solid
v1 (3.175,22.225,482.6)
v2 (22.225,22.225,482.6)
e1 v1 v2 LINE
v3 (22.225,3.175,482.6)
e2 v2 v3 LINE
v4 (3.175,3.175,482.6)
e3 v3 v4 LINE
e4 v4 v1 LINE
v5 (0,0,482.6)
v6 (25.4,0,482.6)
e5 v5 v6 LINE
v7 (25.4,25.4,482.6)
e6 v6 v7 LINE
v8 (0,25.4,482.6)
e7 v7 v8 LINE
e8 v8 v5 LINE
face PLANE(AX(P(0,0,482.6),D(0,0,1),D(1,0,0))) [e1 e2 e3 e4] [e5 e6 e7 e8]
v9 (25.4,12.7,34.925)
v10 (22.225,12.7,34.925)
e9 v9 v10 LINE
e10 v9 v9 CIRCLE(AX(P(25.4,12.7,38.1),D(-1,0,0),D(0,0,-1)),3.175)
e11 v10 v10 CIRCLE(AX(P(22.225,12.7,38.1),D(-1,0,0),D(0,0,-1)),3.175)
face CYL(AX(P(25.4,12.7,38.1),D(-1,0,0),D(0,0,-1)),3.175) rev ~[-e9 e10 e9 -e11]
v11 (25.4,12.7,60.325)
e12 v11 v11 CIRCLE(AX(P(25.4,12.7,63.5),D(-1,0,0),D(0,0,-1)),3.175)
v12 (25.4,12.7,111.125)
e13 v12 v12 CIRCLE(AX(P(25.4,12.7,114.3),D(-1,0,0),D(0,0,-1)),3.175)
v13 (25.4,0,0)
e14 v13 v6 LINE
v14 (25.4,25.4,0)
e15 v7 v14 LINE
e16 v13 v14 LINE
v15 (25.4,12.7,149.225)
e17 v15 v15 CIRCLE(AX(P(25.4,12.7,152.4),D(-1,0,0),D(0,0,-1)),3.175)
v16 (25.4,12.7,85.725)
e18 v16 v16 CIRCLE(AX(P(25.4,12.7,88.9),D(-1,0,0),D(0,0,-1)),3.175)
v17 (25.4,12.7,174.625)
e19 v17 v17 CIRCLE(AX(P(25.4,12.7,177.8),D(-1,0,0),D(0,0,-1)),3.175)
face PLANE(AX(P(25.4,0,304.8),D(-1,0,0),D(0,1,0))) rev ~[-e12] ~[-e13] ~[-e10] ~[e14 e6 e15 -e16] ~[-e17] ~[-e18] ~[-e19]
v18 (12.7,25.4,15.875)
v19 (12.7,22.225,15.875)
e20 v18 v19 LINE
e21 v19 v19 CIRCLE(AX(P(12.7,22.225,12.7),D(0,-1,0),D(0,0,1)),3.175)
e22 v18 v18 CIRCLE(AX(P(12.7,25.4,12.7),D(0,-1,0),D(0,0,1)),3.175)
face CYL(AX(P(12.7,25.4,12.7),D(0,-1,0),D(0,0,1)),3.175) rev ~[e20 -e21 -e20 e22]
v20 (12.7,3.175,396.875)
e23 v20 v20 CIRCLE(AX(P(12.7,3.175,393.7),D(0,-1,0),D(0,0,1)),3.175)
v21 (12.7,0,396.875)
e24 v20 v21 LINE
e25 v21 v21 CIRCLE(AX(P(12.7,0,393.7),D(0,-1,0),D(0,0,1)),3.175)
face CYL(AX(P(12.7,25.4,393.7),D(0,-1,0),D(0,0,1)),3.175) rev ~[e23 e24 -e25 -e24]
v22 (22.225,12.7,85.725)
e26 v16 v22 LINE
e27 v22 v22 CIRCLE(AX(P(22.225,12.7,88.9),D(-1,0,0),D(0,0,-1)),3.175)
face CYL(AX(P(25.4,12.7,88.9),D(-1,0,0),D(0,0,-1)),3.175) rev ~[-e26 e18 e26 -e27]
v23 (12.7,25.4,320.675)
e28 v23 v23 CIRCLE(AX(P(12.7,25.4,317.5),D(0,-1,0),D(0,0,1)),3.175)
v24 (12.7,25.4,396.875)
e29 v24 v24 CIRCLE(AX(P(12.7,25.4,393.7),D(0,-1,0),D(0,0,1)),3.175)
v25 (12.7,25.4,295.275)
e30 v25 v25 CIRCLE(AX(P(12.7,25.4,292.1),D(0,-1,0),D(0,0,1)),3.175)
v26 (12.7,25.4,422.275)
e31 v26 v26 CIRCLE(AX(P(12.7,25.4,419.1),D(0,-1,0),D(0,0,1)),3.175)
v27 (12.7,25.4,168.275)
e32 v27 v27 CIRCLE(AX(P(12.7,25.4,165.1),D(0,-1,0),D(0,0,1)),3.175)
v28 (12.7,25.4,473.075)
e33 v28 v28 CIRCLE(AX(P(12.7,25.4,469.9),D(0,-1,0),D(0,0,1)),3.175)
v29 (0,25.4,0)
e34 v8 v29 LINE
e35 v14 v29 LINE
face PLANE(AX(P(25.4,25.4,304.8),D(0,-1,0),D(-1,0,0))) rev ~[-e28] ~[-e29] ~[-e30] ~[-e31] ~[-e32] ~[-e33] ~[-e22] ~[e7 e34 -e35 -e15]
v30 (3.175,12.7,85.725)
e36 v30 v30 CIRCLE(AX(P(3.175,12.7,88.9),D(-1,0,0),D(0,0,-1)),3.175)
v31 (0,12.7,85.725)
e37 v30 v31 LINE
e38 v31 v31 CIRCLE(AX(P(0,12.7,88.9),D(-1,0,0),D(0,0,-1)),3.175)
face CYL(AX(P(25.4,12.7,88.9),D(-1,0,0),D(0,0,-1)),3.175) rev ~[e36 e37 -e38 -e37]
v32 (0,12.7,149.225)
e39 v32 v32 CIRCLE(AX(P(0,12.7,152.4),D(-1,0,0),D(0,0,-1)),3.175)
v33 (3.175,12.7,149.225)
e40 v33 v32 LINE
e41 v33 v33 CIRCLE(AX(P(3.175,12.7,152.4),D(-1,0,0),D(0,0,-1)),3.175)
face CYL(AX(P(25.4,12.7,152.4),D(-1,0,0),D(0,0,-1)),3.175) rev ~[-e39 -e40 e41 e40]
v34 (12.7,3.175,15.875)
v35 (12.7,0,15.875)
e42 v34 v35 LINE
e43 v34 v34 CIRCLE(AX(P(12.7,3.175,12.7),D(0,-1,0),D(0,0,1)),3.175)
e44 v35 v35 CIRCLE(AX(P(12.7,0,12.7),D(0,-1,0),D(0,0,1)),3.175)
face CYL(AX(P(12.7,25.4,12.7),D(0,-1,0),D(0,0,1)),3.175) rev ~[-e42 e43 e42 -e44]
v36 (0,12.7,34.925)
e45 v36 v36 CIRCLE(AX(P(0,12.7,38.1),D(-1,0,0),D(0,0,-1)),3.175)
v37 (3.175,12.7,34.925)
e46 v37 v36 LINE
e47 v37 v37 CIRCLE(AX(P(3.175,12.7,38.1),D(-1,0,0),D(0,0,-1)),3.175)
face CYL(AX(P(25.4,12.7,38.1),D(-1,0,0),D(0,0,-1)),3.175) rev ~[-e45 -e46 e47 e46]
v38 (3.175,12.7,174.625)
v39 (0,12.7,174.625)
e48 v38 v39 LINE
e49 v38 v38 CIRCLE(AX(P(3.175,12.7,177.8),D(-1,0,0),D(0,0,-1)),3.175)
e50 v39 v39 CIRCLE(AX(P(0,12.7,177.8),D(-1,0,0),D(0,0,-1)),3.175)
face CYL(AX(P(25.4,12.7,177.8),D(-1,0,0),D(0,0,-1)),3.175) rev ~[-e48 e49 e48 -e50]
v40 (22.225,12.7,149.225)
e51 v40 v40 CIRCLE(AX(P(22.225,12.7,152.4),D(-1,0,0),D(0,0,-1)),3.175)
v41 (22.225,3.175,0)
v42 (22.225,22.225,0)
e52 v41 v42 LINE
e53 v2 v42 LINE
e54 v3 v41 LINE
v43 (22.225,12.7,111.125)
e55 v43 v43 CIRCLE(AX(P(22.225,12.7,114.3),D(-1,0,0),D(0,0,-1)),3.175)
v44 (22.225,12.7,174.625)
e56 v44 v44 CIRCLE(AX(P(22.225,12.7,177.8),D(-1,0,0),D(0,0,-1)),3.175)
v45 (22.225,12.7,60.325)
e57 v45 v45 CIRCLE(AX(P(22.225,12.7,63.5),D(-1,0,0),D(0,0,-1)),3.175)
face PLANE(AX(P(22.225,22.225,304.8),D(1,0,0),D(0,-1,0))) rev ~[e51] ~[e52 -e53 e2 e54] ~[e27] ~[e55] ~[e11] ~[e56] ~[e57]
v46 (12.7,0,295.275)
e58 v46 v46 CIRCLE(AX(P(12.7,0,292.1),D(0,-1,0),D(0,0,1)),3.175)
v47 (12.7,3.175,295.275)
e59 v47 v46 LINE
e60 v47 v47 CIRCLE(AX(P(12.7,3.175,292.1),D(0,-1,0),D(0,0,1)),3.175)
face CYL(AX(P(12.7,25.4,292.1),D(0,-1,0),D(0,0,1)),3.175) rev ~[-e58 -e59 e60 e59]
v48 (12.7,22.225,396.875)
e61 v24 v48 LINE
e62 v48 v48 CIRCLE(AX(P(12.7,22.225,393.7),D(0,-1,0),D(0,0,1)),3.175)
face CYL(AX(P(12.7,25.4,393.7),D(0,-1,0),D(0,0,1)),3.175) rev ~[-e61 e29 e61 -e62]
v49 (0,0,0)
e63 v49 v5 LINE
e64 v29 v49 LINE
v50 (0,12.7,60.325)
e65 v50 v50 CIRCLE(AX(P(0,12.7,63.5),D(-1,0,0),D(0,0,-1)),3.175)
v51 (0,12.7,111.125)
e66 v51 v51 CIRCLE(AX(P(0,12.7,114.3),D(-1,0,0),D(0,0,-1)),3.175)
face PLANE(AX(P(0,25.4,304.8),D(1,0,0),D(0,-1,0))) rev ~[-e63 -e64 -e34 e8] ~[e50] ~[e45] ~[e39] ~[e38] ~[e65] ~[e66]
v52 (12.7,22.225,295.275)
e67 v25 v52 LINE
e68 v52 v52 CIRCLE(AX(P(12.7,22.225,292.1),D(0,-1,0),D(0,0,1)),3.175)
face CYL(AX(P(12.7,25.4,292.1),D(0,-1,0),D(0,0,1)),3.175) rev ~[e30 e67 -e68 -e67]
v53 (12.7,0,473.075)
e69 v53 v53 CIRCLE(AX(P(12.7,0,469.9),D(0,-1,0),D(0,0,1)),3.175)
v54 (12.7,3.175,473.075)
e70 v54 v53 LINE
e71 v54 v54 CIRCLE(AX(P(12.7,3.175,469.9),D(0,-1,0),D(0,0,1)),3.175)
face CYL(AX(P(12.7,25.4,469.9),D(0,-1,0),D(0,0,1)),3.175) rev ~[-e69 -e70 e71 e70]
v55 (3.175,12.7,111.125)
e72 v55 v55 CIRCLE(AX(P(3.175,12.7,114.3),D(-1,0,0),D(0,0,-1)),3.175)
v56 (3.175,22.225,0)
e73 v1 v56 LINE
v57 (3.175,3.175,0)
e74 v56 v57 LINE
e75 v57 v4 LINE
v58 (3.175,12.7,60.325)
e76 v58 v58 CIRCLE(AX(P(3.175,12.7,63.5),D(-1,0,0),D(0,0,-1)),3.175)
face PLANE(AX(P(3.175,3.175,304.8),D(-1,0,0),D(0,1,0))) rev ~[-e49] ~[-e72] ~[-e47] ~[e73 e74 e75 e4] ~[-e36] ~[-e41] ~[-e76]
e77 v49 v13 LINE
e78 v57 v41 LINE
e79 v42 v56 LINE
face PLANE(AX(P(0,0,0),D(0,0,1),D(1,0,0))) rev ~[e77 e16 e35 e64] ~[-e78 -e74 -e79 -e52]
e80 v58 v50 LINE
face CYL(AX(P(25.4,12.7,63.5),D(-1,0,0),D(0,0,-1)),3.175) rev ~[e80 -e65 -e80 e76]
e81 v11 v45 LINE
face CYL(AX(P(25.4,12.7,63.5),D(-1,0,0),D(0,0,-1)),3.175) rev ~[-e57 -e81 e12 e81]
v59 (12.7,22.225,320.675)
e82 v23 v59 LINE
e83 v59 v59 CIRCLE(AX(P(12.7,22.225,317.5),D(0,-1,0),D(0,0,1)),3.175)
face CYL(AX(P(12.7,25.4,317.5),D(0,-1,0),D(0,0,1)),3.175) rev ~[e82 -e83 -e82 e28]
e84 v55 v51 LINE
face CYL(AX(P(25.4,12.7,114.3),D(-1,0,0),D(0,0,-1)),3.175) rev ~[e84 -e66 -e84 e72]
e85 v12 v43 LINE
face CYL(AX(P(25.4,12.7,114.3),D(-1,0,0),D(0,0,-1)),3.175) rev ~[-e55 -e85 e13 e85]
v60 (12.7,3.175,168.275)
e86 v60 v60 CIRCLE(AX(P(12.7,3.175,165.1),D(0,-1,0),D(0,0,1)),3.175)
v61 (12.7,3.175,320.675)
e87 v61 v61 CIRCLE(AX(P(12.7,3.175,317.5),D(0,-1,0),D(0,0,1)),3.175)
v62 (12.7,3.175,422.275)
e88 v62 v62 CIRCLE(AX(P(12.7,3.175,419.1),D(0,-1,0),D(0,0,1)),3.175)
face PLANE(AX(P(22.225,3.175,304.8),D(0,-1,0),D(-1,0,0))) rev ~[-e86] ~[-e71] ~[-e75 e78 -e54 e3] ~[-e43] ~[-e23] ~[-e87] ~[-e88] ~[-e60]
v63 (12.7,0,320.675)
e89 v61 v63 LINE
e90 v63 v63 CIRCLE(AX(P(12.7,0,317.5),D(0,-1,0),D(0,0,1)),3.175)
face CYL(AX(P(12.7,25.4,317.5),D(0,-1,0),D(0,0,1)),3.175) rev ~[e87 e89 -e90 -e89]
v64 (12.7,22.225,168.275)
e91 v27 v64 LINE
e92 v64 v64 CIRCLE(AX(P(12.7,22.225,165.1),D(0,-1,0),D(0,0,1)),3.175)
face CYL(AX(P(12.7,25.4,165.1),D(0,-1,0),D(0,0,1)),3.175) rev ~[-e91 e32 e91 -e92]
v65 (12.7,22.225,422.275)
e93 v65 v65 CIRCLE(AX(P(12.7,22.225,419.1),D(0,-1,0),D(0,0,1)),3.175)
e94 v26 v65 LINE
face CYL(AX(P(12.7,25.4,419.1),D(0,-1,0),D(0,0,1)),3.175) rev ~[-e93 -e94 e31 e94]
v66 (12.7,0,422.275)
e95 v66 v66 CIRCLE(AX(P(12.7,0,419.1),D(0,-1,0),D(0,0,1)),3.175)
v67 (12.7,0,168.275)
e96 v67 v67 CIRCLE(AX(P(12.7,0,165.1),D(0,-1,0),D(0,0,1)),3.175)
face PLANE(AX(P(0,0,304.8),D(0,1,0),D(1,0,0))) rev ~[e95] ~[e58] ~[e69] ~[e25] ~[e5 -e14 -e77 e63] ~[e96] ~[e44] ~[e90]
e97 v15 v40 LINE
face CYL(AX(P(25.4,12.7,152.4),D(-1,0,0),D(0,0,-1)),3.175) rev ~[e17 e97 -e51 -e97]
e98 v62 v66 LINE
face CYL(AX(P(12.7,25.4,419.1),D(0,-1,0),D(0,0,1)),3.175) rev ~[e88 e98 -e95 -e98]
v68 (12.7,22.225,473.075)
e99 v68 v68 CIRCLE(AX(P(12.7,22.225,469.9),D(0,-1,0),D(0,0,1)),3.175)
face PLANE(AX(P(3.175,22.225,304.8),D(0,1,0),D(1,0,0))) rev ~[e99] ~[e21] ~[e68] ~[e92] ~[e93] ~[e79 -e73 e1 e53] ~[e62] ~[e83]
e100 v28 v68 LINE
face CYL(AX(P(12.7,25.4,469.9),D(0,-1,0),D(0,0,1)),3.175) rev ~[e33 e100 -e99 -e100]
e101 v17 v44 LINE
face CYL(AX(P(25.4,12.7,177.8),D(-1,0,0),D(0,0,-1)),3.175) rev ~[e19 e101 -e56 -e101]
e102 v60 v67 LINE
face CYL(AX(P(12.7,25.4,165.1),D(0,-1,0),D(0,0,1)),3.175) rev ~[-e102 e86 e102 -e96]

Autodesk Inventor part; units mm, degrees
ref_plane "YZ Plane" through (0, 0, 0) normal (1, 0, 0) x (0, 1, 0)
ref_plane "XZ Plane" through (0, 0, 0) normal (0, 1, 0) x (-1, 0, 0)
ref_plane "XY Plane" through (0, 0, 0) normal (0, 0, 1) x (1, 0, 0)
sketch "Sketch1" plane through (0, 0, 0) normal (0, 0, 1) x (1, 0, 0)
  line L0 (0, 0) -> (25.4, 0)
  line L1 (25.4, 0) -> (25.4, 25.4)
  line L2 (25.4, 25.4) -> (0, 25.4)
  line L3 (0, 25.4) -> (0, 0)
  line L4 (3.175, 3.175) -> (22.225, 3.175)
  line L5 (22.225, 3.175) -> (22.225, 22.225)
  line L6 (22.225, 22.225) -> (3.175, 22.225)
  line L7 (3.175, 22.225) -> (3.175, 3.175)
  dimension "d0" = 25.4
  dimension "d1" = 25.4
  dimension "d2" = 19.05
  dimension "d3" = 19.05
  dimension "d4" = 3.175
  dimension "d5" = 3.175
extrude "Extrusion1" add sketch "Sketch1" along normal blind 304.8
sketch "Sketch2" plane through (0, 25.4, 0) normal (0, 1, 0) x (1, 0, 0)
  line L0 (25.4, 0) -> (0, 0) projected
  line L1 (0, 0) -> (0, -304.8) projected
  line L2 (25.4, -304.8) -> (0, -304.8) projected
  line L3 (25.4, 0) -> (25.4, -304.8) projected
  point P0 (12.7, -292.1)
  point P1 (12.7, -12.7)
  point P2 (12.7, -165.1)
  dimension "d8" = 12.7
  dimension "d9" = 12.7
  dimension "d10" = 12.7
  dimension "d11" = 12.7
  dimension "d32" = 12.7
  dimension "d33" = 139.7
sketch "Sketch3" plane through (25.4, 0, 0) normal (1, 0, 0) x (0, 0, -1)
  line L0 (0, 0) -> (-304.8, 0) projected
  line L1 (0, 0) -> (0, 25.4) projected
  point P0 (-38.1, 12.7)
  point P1 (-63.5, 12.7)
  point P2 (-88.9, 12.7)
  dimension "d19" = 12.7
  dimension "d20" = 12.7
  dimension "d21" = 12.7
  dimension "d22" = 38.1
  dimension "d23" = 88.9
  dimension "d24" = 63.5
hole "Hole2" at (25.4, 12.7, 38.1) at (25.4, 12.7, 63.5) at (25.4, 12.7, 88.9) direction (-1, 0, 0) diameter 6.35 end through all
hole "Hole3" at (12.7, 25.4, 292.1) at (12.7, 25.4, 12.7) at (12.7, 25.4, 165.1) direction (0, -1, 0) diameter 6.35 end through all
sketch "Sketch4" plane through (25.4, 0, 0) normal (1, 0, 0) x (0, 0, -1)
  circle A0 centre (-63.5, 12.7) radius 3.175 projected
  circle A1 centre (-38.1, 12.7) radius 3.175 projected
  circle A2 centre (-88.9, 12.7) radius 3.175 projected
  line L0 (0, 0) -> (0, 25.4) projected
  line L1 (0, 25.4) -> (-304.8, 25.4) projected
  line L2 (-304.8, 0) -> (-304.8, 25.4) projected
  line L3 (0, 0) -> (-304.8, 0) projected
  point P0 (-177.8, 12.7)
  point P1 (-114.3, 12.7)
  point P2 (-152.4, 12.7)
  dimension "d41" = 127
  dimension "d42" = 190.5
  dimension "d43" = 152.4
  dimension "d44" = 12.7
  dimension "d45" = 12.7
  dimension "d46" = 12.7
hole "Hole4" at (25.4, 12.7, 177.8) at (25.4, 12.7, 114.3) at (25.4, 12.7, 152.4) direction (-1, 0, 0) diameter 6.35 end through all
sketch "Sketch5" plane through (0, 0, 304.8) normal (0, 0, 1) x (1, 0, 0)
  line L0 (3.175, 3.175) -> (3.175, 22.225) projected
  line L1 (3.175, 22.225) -> (22.225, 22.225) projected
  line L2 (22.225, 22.225) -> (22.225, 3.175) projected
  line L3 (22.225, 3.175) -> (3.175, 3.175) projected
  line L4 (0, 0) -> (25.4, 0) projected
  line L5 (25.4, 0) -> (25.4, 25.4) projected
  line L6 (25.4, 25.4) -> (0, 25.4) projected
  line L7 (0, 25.4) -> (0, 0) projected
extrude "Extrusion2" add sketch "Sketch5" along normal blind 177.8
sketch "Sketch6" plane through (0, 25.4, 0) normal (0, 1, 0) x (1, 0, 0)
  line L0 (25.4, -482.6) -> (0, -482.6) projected
  line L1 (25.4, 0) -> (25.4, -482.6) projected
  point P0 (12.7, -469.9)
  point P1 (12.7, -419.1)
  dimension "d56" = 12.7
  dimension "d57" = 12.7
  dimension "d65" = 63.5
  dimension "d66" = 12.7
hole "Hole6" at (12.7, 25.4, 469.9) at (12.7, 25.4, 419.1) direction (0, -1, 0) diameter 6.35 depth 25.4 tip angle 118
sketch "Sketch7" plane through (0, 25.4, 0) normal (0, 1, 0) x (1, 0, 0)
  circle A0 centre (12.7, -469.9) radius 3.175 projected
  circle A1 centre (12.7, -419.1) radius 3.175 projected
  circle A2 centre (12.7, -12.7) radius 3.175 projected
  circle A3 centre (12.7, -292.1) radius 3.175 projected
  circle A4 centre (12.7, -165.1) radius 3.175 projected
  line L0 (25.4, 0) -> (0, 0) projected
  line L1 (0, 0) -> (0, -482.6) projected
  line L2 (25.4, -482.6) -> (0, -482.6) projected
  line L3 (25.4, 0) -> (25.4, -482.6) projected
  point P0 (12.7, -393.7)
  point P1 (12.7, -317.5)
  dimension "d74" = 12.7
  dimension "d75" = 12.7
  dimension "d76" = 88.9
  dimension "d77" = 165.1
hole "Hole7" at (12.7, 25.4, 393.7) at (12.7, 25.4, 317.5) direction (0, -1, 0) diameter 6.35 end through all
properties part number "mounting block" material "Aluminum 6061"
